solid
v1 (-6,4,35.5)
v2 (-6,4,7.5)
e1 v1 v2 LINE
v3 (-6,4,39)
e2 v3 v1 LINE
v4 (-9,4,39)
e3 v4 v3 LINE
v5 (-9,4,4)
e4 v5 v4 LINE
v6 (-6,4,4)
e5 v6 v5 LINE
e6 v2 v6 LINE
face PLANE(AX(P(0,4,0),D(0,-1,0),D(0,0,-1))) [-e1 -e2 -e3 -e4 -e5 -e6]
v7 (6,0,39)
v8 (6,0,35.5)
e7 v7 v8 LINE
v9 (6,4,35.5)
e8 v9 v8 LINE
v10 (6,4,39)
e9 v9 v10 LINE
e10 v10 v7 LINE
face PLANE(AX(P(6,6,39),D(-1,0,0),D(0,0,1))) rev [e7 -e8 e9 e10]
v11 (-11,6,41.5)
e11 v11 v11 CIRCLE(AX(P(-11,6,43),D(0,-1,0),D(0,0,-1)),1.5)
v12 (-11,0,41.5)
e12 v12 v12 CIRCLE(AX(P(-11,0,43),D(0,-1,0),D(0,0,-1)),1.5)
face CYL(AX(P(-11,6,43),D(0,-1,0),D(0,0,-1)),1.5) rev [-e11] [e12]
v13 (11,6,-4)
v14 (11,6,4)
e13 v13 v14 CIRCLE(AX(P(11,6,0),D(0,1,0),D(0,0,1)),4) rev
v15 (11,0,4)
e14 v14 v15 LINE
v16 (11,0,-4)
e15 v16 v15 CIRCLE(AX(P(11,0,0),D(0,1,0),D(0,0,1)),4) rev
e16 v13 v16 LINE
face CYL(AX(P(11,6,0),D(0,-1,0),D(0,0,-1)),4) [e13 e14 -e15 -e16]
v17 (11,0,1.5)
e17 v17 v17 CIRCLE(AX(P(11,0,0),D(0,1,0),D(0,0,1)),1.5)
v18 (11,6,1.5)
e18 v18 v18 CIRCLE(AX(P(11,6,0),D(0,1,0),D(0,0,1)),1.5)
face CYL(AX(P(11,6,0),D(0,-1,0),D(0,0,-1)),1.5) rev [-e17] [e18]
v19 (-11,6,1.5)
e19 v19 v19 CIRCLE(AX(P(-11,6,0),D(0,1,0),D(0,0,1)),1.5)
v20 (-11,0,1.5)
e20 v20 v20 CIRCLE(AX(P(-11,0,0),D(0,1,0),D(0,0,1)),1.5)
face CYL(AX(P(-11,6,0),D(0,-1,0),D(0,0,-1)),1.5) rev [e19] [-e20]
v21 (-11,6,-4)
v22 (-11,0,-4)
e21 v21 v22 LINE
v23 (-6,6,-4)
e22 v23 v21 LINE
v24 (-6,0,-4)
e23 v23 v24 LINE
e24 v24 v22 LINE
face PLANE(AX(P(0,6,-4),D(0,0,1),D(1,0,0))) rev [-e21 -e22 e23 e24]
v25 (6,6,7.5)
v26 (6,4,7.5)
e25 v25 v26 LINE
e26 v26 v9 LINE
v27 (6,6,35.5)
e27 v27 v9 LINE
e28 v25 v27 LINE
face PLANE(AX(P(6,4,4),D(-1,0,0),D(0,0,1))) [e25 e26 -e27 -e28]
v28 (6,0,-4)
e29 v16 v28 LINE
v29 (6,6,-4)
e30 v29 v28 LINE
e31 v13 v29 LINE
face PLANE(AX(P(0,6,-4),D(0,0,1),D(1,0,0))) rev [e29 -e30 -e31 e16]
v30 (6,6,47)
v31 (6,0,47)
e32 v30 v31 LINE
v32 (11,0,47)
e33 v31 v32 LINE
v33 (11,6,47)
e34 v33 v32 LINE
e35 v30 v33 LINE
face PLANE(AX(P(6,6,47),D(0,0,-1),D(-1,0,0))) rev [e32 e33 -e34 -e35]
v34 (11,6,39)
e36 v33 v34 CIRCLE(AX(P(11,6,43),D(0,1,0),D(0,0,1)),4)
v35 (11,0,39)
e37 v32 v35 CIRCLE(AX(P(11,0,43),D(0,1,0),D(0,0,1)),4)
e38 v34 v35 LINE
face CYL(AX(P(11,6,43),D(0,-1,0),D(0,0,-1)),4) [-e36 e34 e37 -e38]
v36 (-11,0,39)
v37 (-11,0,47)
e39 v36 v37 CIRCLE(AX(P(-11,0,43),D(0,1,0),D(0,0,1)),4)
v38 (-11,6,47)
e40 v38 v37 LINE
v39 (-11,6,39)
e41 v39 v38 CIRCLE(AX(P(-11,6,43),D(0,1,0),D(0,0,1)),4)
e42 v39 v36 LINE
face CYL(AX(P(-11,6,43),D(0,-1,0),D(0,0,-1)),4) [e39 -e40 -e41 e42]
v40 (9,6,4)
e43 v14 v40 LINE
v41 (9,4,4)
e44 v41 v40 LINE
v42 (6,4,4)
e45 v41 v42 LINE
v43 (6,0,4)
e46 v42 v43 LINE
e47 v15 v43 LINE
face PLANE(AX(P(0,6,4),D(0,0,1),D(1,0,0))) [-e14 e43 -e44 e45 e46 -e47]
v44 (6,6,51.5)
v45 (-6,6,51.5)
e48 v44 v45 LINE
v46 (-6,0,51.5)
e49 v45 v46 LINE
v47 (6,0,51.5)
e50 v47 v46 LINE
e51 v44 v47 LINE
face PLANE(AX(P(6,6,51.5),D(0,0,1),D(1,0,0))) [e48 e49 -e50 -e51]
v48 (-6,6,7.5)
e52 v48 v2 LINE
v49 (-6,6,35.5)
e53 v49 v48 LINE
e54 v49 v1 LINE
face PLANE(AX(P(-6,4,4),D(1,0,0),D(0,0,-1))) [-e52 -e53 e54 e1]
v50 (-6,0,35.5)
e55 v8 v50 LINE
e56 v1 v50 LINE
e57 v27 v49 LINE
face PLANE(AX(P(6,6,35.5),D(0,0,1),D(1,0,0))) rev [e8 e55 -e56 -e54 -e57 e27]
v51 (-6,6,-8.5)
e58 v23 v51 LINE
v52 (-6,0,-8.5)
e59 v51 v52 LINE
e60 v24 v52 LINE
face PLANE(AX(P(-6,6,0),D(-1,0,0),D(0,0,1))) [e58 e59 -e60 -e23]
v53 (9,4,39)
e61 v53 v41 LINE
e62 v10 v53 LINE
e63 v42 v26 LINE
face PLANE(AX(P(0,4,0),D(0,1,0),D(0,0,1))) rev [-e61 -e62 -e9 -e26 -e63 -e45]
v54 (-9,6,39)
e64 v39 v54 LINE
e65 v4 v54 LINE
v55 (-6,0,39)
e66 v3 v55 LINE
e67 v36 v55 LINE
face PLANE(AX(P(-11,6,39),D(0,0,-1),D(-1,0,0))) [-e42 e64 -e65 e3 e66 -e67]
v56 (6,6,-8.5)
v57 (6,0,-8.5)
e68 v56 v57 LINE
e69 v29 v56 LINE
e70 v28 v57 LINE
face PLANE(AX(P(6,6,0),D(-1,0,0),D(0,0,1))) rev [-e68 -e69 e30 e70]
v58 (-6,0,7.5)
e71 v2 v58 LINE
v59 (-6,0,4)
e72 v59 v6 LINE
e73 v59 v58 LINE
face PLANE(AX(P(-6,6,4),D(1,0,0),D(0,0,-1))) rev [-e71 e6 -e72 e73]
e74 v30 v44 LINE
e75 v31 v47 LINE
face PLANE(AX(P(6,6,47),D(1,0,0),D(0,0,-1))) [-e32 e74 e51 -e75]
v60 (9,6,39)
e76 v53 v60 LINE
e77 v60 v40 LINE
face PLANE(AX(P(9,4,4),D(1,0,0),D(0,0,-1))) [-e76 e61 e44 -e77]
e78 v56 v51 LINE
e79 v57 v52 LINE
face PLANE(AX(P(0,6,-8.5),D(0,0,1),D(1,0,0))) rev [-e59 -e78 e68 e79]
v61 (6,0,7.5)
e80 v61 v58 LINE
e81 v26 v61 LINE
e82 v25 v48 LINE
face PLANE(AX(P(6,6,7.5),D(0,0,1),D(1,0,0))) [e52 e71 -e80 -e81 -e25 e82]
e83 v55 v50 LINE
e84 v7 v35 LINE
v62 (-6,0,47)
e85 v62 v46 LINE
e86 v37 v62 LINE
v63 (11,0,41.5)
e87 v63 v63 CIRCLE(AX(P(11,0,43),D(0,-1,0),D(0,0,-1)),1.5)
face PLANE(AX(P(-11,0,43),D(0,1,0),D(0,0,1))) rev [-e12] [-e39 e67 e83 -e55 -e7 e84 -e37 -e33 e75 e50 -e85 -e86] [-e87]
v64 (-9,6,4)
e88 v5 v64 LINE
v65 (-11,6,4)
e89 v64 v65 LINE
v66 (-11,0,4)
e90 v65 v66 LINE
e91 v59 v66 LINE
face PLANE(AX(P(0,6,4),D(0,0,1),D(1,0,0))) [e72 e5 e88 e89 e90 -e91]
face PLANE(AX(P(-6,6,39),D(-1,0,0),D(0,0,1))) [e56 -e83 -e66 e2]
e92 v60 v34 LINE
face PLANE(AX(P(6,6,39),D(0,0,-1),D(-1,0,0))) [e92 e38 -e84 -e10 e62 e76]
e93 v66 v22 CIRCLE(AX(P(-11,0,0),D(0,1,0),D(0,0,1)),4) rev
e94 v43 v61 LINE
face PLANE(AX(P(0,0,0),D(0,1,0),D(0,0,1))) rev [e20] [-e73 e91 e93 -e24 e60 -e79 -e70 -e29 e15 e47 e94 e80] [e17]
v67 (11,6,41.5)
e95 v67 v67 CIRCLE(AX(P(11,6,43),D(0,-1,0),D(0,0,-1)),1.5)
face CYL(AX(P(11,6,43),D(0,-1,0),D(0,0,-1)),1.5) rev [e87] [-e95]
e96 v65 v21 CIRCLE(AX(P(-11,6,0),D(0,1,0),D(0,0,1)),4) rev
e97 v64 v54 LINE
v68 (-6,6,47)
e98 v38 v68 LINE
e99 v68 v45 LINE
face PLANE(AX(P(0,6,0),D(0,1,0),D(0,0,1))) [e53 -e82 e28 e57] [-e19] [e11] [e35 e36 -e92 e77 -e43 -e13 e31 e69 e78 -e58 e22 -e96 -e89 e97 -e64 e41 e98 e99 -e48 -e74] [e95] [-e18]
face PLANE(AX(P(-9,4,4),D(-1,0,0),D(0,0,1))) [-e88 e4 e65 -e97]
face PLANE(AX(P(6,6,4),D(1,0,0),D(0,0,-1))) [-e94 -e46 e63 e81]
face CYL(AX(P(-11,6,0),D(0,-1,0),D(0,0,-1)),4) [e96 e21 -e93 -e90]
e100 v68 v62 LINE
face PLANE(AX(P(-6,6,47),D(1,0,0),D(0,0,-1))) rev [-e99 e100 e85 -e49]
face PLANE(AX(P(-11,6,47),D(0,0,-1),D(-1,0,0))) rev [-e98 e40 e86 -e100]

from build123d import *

# Parameters (mm, degrees)
SKETCH1_R           = 1.5
SKETCH1_W           = 12
SKETCH1_H           = 4.5
SKETCH1_H_2         = 3.5
BOSS_EXTRUDE1_DEPTH = 6
SKETCH3_W           = 3
SKETCH3_H           = 35
BOSS_EXTRUDE2_DEPTH = 2


with BuildPart() as part:
    # Sketch1 → Boss-Extrude1 (new body)
    # profile 1 of 4: a face of its own
    with BuildSketch(Plane(origin=(0, 0, 0), x_dir=(1, 0, 0), z_dir=(0, 1, 0))):
        with BuildLine():
            Line((11, -4), (-11, -4))
            ThreePointArc((-11, -4), (-15, 0), (-11, 4))
            Line((-11, 4), (11, 4))
            ThreePointArc((11, 4), (15, 0), (11, -4))
        make_face()
        with Locations(Location((11, 0, 0), (0, 0, 270))):
            Circle(SKETCH1_R, mode=Mode.SUBTRACT)
        with Locations(Location((-11, 0, 0), (0, 0, 270))):
            Circle(SKETCH1_R, mode=Mode.SUBTRACT)
    # profile 2 of 4: a face of its own
    with BuildSketch(Plane(origin=(0, 0, 0), x_dir=(1, 0, 0), z_dir=(0, 1, 0))):
        with Locations((0, 6.25)):
            Rectangle(SKETCH1_W, SKETCH1_H)
    # profile 3 of 4: a face of its own
    with BuildSketch(Plane(origin=(0, 0, 0), x_dir=(1, 0, 0), z_dir=(0, 1, 0))):
        with Locations((0, -5.75)):
            Rectangle(SKETCH1_W, SKETCH1_H_2)
    # profile 4 of 4: a face of its own
    with BuildSketch(Plane(origin=(0, 0, 0), x_dir=(1, 0, 0), z_dir=(0, 1, 0))):
        with BuildLine():
            Line((6, -47), (6, -51.5))
            Line((6, -51.5), (-6, -51.5))
            Line((-6, -51.5), (-6, -47))
            Line((-6, -47), (-11, -47))
            ThreePointArc((-11, -47), (-15, -43), (-11, -39))
            Line((-11, -39), (-6, -39))
            Line((-6, -39), (-6, -35.5))
            Line((-6, -35.5), (6, -35.5))
            Line((6, -35.5), (6, -39))
            Line((6, -39), (11, -39))
            ThreePointArc((11, -39), (15, -43), (11, -47))
            Line((11, -47), (6, -47))
        make_face()
        with Locations(Location((-11, -43, 0), (0, 0, 90))):
            Circle(SKETCH1_R, mode=Mode.SUBTRACT)
        with Locations(Location((11, -43, 0), (0, 0, 90))):
            Circle(SKETCH1_R, mode=Mode.SUBTRACT)
    extrude(amount=BOSS_EXTRUDE1_DEPTH)

    # Sketch3 → Boss-Extrude2 (add)
    with BuildSketch(Plane(origin=(0, 6, 0), x_dir=(1, 0, 0), z_dir=(0, 1, 0))):
        with Locations((7.5, -21.5)):
            Rectangle(SKETCH3_W, SKETCH3_H)
        with Locations((-7.5, -21.5)):
            Rectangle(SKETCH3_W, SKETCH3_H)
    extrude(amount=-BOSS_EXTRUDE2_DEPTH)


solid = part.part
